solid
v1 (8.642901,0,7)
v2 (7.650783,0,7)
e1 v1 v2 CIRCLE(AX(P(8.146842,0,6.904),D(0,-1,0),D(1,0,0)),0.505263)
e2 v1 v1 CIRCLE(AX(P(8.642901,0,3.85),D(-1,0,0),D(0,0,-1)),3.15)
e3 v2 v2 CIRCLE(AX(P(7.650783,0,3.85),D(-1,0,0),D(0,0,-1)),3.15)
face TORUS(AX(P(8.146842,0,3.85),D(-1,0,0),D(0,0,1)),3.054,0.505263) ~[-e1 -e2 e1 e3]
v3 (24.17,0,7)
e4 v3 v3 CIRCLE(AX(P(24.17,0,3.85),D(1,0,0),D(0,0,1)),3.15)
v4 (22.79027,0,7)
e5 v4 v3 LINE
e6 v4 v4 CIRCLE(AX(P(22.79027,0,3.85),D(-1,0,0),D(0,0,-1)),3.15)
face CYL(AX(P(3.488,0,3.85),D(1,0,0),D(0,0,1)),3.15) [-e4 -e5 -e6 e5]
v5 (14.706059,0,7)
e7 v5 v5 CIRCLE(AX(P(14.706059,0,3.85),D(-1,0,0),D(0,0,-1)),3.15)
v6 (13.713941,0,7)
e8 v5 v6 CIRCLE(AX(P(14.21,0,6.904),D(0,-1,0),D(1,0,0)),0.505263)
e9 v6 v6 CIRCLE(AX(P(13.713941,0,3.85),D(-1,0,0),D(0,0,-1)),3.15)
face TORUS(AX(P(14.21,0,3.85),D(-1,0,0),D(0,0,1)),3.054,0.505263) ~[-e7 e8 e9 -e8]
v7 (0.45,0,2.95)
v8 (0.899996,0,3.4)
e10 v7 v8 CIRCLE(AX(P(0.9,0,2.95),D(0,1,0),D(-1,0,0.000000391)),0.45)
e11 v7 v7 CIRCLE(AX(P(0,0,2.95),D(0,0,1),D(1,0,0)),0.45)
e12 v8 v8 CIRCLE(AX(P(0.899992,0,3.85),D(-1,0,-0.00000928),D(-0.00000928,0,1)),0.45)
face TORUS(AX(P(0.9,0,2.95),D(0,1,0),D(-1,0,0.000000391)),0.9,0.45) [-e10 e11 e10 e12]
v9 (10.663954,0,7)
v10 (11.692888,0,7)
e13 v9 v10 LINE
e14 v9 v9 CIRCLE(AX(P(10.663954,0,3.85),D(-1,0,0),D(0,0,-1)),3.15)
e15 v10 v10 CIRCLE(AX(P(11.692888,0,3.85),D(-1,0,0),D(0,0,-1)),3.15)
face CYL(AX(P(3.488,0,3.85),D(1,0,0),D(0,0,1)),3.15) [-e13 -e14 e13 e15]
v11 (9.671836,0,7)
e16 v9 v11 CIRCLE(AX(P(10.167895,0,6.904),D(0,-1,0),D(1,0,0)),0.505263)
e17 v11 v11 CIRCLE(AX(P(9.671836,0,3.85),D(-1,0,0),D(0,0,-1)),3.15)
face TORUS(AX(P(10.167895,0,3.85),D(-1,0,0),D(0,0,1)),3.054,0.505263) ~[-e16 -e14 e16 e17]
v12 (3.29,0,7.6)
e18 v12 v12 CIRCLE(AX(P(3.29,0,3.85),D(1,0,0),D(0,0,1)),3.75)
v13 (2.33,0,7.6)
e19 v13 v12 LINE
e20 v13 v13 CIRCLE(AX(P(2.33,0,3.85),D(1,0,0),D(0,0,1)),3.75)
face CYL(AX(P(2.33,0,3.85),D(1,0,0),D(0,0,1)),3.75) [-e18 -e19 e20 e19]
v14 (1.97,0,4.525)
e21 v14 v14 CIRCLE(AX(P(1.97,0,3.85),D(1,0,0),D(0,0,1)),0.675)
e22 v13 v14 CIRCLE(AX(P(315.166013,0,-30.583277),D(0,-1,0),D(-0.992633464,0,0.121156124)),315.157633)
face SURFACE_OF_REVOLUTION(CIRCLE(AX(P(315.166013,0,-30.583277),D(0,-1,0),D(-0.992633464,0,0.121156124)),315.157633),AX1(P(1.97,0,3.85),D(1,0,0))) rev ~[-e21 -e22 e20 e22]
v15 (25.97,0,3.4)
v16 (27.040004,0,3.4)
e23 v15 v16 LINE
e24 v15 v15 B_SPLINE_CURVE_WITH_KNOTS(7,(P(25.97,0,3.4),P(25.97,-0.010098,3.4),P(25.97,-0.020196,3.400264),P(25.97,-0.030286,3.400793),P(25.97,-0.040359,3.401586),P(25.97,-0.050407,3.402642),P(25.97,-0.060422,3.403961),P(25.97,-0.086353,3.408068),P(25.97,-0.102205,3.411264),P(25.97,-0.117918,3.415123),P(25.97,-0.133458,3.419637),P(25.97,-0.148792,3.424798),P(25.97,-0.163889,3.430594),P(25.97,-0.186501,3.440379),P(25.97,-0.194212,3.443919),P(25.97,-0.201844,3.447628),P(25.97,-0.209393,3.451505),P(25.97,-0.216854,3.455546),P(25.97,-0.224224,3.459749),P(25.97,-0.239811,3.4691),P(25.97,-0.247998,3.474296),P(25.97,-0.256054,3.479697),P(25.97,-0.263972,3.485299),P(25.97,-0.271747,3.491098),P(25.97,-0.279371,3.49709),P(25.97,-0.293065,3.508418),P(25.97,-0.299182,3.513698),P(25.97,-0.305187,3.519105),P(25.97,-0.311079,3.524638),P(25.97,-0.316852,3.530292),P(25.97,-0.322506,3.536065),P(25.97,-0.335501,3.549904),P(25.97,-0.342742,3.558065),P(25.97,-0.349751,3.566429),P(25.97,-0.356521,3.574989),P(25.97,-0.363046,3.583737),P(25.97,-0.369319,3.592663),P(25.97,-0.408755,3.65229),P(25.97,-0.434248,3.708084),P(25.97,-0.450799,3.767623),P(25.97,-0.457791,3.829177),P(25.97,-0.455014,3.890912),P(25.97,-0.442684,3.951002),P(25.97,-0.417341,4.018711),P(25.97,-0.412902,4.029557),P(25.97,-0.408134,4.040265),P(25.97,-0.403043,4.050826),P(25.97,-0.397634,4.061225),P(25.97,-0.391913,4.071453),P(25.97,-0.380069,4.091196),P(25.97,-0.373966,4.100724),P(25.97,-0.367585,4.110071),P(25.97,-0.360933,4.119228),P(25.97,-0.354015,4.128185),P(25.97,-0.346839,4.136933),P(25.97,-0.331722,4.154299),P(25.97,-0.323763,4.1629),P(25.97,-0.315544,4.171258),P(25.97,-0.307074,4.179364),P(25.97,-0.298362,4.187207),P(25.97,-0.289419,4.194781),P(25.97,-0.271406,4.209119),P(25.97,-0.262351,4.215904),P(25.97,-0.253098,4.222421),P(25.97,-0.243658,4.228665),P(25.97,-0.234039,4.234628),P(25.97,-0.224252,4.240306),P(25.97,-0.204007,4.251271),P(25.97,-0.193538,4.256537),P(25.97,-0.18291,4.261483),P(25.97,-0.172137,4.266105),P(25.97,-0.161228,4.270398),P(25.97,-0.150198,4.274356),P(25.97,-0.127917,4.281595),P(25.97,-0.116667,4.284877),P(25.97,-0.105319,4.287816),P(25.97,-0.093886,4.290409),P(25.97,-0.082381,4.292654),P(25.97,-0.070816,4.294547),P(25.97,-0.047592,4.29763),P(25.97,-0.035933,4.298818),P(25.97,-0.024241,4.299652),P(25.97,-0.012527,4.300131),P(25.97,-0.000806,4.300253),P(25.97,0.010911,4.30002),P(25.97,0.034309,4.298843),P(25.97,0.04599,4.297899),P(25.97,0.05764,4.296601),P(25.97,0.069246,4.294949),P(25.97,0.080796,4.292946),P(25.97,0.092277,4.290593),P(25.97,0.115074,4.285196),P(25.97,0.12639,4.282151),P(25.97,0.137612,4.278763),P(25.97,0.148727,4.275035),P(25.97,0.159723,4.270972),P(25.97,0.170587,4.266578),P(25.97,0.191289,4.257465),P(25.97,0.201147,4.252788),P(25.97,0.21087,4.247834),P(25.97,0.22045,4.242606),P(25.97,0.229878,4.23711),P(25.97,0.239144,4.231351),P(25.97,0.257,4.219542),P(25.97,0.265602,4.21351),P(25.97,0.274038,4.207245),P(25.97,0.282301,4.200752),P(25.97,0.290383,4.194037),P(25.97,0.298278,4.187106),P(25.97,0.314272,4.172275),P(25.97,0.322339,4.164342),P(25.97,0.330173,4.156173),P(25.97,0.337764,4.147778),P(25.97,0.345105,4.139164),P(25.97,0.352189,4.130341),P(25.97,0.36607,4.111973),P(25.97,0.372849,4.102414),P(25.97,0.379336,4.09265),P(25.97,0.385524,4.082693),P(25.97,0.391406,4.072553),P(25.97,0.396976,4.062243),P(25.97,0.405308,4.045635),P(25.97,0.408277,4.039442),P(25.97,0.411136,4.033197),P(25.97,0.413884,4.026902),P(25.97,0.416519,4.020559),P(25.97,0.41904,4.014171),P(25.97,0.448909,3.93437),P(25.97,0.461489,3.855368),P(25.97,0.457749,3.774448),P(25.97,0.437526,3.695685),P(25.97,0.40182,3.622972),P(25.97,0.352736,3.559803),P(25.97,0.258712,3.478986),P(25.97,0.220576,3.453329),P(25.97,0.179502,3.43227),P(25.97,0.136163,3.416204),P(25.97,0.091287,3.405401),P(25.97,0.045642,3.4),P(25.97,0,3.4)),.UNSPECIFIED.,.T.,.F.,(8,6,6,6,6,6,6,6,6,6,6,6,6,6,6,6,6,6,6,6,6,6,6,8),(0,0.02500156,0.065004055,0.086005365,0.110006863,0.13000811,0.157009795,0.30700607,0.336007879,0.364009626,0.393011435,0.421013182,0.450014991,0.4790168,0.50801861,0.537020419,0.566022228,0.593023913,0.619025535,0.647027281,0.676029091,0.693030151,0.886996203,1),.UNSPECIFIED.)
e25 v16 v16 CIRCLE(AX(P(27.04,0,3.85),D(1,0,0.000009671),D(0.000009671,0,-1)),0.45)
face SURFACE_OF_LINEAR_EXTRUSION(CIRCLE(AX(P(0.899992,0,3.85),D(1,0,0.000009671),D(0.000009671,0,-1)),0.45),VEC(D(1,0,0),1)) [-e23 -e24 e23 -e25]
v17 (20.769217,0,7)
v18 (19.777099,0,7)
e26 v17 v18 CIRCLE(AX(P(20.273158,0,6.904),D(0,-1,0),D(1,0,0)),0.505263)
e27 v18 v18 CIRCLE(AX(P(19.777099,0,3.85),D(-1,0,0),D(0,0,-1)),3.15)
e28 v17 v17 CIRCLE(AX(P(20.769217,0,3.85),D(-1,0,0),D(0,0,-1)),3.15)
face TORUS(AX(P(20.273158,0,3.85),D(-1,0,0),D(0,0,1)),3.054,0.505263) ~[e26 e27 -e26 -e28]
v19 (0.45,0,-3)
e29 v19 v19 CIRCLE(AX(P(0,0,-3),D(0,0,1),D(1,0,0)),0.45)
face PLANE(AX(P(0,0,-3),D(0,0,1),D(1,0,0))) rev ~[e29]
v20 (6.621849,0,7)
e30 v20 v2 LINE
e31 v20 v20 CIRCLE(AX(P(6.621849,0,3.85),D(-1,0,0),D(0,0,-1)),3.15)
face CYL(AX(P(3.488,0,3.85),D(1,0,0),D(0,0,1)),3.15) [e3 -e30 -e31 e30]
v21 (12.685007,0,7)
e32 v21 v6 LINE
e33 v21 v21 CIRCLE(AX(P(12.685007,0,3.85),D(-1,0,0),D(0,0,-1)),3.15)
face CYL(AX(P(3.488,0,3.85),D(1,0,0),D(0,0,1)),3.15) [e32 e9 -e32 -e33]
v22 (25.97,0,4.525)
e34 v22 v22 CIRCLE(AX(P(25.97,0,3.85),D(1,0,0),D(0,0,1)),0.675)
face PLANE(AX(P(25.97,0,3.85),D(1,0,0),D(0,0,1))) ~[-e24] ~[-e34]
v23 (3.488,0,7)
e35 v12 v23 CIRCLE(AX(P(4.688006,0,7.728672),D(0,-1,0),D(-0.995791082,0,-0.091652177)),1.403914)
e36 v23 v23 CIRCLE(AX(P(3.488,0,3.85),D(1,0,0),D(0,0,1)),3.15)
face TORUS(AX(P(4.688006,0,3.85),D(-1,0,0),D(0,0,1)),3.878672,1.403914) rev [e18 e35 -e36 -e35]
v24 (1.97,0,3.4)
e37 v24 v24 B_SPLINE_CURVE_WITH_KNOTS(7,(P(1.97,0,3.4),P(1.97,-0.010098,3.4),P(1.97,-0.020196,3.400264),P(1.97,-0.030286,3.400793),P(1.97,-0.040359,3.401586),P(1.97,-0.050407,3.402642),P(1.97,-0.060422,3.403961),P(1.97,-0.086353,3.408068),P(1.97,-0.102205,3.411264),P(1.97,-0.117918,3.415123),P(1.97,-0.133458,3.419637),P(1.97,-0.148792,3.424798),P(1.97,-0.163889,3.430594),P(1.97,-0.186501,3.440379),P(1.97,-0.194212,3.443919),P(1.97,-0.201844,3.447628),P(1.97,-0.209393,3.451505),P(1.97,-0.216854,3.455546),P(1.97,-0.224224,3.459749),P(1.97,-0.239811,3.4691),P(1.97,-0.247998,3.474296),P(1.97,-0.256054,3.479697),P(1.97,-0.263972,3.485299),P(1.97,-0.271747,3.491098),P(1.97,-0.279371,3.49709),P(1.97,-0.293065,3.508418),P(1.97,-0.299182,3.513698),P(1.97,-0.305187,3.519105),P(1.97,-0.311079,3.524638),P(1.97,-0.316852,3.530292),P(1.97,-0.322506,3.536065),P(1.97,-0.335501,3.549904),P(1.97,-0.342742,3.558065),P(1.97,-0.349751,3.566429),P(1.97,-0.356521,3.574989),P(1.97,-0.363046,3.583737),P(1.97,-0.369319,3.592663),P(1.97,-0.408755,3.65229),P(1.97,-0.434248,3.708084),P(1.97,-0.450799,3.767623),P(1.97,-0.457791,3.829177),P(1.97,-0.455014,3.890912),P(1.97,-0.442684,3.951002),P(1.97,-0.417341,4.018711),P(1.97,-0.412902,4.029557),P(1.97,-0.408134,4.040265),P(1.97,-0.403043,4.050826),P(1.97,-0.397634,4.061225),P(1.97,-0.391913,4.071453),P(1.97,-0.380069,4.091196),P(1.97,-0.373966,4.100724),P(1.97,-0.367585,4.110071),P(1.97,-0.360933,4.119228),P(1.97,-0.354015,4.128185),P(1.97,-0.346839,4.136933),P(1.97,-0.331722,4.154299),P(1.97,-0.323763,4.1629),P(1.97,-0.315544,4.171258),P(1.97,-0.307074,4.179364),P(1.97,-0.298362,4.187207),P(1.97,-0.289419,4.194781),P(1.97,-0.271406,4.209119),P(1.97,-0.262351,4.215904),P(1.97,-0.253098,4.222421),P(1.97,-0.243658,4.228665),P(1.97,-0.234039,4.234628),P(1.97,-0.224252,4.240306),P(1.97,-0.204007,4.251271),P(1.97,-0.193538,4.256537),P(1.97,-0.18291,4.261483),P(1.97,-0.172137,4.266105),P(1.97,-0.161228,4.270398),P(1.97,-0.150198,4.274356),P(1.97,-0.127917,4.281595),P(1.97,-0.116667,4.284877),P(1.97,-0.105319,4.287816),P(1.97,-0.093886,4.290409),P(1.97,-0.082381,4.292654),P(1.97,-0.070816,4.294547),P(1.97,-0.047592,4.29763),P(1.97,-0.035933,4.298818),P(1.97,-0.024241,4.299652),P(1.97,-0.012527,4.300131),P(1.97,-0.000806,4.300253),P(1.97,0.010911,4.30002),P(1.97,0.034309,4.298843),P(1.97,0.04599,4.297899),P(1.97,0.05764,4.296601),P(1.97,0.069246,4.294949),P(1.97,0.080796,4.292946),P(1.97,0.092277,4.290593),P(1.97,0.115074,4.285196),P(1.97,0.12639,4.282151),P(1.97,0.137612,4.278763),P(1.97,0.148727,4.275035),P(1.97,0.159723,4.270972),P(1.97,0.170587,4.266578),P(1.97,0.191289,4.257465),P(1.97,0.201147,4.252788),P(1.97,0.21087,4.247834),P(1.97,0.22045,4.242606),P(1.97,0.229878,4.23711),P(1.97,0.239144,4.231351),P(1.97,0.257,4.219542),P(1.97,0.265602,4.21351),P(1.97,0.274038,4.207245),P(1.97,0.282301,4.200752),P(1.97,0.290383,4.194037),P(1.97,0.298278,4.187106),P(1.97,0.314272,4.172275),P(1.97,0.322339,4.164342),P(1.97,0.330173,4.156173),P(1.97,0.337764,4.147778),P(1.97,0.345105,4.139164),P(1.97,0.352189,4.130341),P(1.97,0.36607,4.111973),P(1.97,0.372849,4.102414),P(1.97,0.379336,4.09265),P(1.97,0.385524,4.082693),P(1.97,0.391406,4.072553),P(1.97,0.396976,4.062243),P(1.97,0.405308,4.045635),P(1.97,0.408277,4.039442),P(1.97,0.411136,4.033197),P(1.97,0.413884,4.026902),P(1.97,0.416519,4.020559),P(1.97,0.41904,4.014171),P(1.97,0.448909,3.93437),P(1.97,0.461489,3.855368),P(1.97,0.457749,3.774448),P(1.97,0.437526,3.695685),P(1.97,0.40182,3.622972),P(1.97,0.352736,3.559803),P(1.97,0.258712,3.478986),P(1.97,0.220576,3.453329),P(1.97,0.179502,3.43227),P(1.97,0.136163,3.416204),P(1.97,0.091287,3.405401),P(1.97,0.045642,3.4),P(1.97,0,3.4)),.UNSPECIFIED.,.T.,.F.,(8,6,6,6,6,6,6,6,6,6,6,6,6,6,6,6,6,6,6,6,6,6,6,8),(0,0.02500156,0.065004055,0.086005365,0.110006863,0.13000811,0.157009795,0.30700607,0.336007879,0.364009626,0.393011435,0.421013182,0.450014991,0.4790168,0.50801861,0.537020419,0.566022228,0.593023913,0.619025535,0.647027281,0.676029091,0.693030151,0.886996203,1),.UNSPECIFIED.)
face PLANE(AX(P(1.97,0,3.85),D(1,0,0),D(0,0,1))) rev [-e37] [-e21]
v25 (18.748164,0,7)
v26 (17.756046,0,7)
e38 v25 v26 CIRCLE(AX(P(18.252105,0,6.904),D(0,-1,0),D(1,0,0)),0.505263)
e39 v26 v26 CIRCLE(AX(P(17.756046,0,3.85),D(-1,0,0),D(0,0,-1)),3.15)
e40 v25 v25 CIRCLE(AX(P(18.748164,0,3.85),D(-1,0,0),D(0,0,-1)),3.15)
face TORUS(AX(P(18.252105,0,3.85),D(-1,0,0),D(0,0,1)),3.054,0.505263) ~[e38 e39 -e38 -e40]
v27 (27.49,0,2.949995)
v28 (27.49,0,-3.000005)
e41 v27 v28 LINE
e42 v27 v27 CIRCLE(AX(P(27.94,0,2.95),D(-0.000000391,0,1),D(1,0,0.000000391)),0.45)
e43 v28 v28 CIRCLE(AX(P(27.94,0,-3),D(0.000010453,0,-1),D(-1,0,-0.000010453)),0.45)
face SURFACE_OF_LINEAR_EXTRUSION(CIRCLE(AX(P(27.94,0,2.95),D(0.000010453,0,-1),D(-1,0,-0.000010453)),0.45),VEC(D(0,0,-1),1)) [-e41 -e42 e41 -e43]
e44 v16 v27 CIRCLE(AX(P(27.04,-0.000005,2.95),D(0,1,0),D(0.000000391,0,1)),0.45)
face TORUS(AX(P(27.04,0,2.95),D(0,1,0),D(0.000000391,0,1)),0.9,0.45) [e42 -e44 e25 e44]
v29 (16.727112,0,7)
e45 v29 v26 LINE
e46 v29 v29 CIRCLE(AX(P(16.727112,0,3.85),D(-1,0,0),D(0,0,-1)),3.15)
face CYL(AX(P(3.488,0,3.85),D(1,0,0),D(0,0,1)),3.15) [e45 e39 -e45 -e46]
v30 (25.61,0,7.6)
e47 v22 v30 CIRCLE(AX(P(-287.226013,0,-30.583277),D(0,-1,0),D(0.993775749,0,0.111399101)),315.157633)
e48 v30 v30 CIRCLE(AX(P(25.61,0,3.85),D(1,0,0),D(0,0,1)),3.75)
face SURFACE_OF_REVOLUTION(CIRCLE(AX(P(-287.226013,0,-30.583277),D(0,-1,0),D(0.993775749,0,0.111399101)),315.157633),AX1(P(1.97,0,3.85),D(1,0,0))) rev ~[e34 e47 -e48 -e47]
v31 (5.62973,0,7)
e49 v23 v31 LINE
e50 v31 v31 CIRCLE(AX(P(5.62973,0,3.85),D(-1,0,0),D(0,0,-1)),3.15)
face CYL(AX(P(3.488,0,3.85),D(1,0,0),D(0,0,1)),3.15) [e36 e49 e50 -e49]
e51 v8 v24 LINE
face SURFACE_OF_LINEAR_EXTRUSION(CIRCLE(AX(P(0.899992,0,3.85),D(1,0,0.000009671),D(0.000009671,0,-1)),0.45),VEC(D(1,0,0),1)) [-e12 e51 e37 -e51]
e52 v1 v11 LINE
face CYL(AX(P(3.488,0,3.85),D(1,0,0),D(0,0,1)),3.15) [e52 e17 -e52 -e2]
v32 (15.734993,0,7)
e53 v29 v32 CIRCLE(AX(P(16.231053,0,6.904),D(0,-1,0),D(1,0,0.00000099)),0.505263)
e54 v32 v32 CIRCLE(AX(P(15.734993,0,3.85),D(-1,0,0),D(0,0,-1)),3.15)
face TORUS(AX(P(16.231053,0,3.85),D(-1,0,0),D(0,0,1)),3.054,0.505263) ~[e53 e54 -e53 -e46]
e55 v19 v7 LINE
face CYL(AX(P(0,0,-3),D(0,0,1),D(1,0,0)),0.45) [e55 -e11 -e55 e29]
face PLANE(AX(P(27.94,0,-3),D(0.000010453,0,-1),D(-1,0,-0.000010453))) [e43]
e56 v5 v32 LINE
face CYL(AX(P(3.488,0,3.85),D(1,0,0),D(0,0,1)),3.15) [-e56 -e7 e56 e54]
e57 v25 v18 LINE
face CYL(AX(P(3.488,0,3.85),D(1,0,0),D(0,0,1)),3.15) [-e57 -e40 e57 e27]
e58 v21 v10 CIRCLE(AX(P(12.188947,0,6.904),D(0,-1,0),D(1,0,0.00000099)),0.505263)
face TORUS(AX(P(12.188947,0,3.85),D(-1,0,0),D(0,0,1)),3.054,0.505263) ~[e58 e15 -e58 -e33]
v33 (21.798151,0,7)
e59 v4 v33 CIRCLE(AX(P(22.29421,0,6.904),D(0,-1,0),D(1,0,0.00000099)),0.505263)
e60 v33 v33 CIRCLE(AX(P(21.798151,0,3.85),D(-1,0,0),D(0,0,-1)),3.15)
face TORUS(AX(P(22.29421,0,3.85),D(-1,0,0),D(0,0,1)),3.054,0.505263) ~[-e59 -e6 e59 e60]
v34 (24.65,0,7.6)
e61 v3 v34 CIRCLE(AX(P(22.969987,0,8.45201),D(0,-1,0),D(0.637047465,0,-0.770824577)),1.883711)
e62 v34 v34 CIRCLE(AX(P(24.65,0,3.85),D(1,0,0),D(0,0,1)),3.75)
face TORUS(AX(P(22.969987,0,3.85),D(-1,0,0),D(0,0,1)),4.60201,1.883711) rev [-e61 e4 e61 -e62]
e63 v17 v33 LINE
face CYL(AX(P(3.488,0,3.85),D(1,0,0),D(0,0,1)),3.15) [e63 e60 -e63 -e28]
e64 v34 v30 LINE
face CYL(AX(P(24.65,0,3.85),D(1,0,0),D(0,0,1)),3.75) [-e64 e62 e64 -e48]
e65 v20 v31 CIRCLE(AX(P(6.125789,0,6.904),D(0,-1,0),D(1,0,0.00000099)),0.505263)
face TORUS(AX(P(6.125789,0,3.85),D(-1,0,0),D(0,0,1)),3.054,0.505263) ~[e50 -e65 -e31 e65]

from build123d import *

# Parameters (mm, degrees)
SKETCH_R = 0.45


with BuildPart() as sweep_body:
    # Sweep: sweep along a path in Sketch001
    with BuildLine(Plane.XZ) as sweep_path:
        Line((0, -3), (0, 2.95))
        ThreePointArc((0, 2.95), (0.263601, 3.586393), (0.899992, 3.85))
        Line((0.899992, 3.85), (27.04, 3.85))
        ThreePointArc((27.04, 3.85), (27.676396, 3.586396), (27.94, 2.95))
        Line((27.94, 2.95), (27.94, -3))
    # Sketch → Sweep (sweep)
    with BuildSketch(Plane.XY.offset(-2)):
        Circle(SKETCH_R)
    sweep(path=sweep_path.line)


with BuildPart() as revolution:
    # Sketch002 → Revolution (revolve)
    with BuildSketch(Plane.XZ):
        with BuildLine():
            Line((2.33, 7.6), (3.29, 7.6))
            ThreePointArc((3.29, 7.6), (3.354808, 7.288717), (3.488, 7))
            Line((3.488, 7), (24.17, 7))
            ThreePointArc((24.17, 7), (24.440918, 7.275266), (24.65, 7.6))
            Line((24.65, 7.6), (25.61, 7.6))
            ThreePointArc((25.97, 4.525), (25.793776, 6.062942), (25.61, 7.6))
            Line((25.97, 3.85), (25.97, 4.525))
            Line((1.97, 3.85), (25.97, 3.85))
            Line((1.97, 3.85), (1.97, 4.525))
            ThreePointArc((2.33, 7.6), (2.146224, 6.062942), (1.97, 4.525))
        make_face()
    revolve(axis=Axis((1.97, 0, 3.85), (1, 0, 0)))


with BuildPart() as revolution001_mp_cp:
    # Sketch003 → Revolution001 (revolve)
    with BuildSketch(Plane.XZ):
        with BuildLine():
            ThreePointArc((6.631053, 6.904), (6.125789, 7.409263), (5.620526, 6.904))
            Line((4.61, 6.904), (5.620526, 6.904))
            Line((4.61, 6.904), (4.61, 6.154))
            Line((4.61, 6.154), (23.81, 6.154))
            Line((23.81, 6.154), (23.81, 6.904))
            Line((22.799474, 6.904), (23.81, 6.904))
            ThreePointArc((22.799474, 6.904), (22.294211, 7.409263), (21.788947, 6.904))
            Line((20.778421, 6.904), (21.788947, 6.904))
            ThreePointArc((20.778421, 6.904), (20.273158, 7.409263), (19.767895, 6.904))
            Line((18.757368, 6.904), (19.767895, 6.904))
            ThreePointArc((18.757368, 6.904), (18.252105, 7.409263), (17.746842, 6.904))
            Line((16.736316, 6.904), (17.746842, 6.904))
            ThreePointArc((16.736316, 6.904), (16.231053, 7.409263), (15.725789, 6.904))
            Line((14.715263, 6.904), (15.725789, 6.904))
            ThreePointArc((14.715263, 6.904), (14.21, 7.409263), (13.704737, 6.904))
            Line((12.694211, 6.904), (13.704737, 6.904))
            ThreePointArc((12.694211, 6.904), (12.188947, 7.409263), (11.683684, 6.904))
            Line((10.673158, 6.904), (11.683684, 6.904))
            ThreePointArc((10.673158, 6.904), (10.167895, 7.409263), (9.662632, 6.904))
            Line((8.652105, 6.904), (9.662632, 6.904))
            ThreePointArc((8.652105, 6.904), (8.146842, 7.409263), (7.641579, 6.904))
            Line((6.631053, 6.904), (7.641579, 6.904))
        make_face()
    revolve(axis=Axis((2.57, 0, 3.85), (1, 0, 0)))

    # Revolution001_mp_cp: union Sweep body, Revolution
    add(sweep_body.part)
    add(revolution.part)


solid = revolution001_mp_cp.part
